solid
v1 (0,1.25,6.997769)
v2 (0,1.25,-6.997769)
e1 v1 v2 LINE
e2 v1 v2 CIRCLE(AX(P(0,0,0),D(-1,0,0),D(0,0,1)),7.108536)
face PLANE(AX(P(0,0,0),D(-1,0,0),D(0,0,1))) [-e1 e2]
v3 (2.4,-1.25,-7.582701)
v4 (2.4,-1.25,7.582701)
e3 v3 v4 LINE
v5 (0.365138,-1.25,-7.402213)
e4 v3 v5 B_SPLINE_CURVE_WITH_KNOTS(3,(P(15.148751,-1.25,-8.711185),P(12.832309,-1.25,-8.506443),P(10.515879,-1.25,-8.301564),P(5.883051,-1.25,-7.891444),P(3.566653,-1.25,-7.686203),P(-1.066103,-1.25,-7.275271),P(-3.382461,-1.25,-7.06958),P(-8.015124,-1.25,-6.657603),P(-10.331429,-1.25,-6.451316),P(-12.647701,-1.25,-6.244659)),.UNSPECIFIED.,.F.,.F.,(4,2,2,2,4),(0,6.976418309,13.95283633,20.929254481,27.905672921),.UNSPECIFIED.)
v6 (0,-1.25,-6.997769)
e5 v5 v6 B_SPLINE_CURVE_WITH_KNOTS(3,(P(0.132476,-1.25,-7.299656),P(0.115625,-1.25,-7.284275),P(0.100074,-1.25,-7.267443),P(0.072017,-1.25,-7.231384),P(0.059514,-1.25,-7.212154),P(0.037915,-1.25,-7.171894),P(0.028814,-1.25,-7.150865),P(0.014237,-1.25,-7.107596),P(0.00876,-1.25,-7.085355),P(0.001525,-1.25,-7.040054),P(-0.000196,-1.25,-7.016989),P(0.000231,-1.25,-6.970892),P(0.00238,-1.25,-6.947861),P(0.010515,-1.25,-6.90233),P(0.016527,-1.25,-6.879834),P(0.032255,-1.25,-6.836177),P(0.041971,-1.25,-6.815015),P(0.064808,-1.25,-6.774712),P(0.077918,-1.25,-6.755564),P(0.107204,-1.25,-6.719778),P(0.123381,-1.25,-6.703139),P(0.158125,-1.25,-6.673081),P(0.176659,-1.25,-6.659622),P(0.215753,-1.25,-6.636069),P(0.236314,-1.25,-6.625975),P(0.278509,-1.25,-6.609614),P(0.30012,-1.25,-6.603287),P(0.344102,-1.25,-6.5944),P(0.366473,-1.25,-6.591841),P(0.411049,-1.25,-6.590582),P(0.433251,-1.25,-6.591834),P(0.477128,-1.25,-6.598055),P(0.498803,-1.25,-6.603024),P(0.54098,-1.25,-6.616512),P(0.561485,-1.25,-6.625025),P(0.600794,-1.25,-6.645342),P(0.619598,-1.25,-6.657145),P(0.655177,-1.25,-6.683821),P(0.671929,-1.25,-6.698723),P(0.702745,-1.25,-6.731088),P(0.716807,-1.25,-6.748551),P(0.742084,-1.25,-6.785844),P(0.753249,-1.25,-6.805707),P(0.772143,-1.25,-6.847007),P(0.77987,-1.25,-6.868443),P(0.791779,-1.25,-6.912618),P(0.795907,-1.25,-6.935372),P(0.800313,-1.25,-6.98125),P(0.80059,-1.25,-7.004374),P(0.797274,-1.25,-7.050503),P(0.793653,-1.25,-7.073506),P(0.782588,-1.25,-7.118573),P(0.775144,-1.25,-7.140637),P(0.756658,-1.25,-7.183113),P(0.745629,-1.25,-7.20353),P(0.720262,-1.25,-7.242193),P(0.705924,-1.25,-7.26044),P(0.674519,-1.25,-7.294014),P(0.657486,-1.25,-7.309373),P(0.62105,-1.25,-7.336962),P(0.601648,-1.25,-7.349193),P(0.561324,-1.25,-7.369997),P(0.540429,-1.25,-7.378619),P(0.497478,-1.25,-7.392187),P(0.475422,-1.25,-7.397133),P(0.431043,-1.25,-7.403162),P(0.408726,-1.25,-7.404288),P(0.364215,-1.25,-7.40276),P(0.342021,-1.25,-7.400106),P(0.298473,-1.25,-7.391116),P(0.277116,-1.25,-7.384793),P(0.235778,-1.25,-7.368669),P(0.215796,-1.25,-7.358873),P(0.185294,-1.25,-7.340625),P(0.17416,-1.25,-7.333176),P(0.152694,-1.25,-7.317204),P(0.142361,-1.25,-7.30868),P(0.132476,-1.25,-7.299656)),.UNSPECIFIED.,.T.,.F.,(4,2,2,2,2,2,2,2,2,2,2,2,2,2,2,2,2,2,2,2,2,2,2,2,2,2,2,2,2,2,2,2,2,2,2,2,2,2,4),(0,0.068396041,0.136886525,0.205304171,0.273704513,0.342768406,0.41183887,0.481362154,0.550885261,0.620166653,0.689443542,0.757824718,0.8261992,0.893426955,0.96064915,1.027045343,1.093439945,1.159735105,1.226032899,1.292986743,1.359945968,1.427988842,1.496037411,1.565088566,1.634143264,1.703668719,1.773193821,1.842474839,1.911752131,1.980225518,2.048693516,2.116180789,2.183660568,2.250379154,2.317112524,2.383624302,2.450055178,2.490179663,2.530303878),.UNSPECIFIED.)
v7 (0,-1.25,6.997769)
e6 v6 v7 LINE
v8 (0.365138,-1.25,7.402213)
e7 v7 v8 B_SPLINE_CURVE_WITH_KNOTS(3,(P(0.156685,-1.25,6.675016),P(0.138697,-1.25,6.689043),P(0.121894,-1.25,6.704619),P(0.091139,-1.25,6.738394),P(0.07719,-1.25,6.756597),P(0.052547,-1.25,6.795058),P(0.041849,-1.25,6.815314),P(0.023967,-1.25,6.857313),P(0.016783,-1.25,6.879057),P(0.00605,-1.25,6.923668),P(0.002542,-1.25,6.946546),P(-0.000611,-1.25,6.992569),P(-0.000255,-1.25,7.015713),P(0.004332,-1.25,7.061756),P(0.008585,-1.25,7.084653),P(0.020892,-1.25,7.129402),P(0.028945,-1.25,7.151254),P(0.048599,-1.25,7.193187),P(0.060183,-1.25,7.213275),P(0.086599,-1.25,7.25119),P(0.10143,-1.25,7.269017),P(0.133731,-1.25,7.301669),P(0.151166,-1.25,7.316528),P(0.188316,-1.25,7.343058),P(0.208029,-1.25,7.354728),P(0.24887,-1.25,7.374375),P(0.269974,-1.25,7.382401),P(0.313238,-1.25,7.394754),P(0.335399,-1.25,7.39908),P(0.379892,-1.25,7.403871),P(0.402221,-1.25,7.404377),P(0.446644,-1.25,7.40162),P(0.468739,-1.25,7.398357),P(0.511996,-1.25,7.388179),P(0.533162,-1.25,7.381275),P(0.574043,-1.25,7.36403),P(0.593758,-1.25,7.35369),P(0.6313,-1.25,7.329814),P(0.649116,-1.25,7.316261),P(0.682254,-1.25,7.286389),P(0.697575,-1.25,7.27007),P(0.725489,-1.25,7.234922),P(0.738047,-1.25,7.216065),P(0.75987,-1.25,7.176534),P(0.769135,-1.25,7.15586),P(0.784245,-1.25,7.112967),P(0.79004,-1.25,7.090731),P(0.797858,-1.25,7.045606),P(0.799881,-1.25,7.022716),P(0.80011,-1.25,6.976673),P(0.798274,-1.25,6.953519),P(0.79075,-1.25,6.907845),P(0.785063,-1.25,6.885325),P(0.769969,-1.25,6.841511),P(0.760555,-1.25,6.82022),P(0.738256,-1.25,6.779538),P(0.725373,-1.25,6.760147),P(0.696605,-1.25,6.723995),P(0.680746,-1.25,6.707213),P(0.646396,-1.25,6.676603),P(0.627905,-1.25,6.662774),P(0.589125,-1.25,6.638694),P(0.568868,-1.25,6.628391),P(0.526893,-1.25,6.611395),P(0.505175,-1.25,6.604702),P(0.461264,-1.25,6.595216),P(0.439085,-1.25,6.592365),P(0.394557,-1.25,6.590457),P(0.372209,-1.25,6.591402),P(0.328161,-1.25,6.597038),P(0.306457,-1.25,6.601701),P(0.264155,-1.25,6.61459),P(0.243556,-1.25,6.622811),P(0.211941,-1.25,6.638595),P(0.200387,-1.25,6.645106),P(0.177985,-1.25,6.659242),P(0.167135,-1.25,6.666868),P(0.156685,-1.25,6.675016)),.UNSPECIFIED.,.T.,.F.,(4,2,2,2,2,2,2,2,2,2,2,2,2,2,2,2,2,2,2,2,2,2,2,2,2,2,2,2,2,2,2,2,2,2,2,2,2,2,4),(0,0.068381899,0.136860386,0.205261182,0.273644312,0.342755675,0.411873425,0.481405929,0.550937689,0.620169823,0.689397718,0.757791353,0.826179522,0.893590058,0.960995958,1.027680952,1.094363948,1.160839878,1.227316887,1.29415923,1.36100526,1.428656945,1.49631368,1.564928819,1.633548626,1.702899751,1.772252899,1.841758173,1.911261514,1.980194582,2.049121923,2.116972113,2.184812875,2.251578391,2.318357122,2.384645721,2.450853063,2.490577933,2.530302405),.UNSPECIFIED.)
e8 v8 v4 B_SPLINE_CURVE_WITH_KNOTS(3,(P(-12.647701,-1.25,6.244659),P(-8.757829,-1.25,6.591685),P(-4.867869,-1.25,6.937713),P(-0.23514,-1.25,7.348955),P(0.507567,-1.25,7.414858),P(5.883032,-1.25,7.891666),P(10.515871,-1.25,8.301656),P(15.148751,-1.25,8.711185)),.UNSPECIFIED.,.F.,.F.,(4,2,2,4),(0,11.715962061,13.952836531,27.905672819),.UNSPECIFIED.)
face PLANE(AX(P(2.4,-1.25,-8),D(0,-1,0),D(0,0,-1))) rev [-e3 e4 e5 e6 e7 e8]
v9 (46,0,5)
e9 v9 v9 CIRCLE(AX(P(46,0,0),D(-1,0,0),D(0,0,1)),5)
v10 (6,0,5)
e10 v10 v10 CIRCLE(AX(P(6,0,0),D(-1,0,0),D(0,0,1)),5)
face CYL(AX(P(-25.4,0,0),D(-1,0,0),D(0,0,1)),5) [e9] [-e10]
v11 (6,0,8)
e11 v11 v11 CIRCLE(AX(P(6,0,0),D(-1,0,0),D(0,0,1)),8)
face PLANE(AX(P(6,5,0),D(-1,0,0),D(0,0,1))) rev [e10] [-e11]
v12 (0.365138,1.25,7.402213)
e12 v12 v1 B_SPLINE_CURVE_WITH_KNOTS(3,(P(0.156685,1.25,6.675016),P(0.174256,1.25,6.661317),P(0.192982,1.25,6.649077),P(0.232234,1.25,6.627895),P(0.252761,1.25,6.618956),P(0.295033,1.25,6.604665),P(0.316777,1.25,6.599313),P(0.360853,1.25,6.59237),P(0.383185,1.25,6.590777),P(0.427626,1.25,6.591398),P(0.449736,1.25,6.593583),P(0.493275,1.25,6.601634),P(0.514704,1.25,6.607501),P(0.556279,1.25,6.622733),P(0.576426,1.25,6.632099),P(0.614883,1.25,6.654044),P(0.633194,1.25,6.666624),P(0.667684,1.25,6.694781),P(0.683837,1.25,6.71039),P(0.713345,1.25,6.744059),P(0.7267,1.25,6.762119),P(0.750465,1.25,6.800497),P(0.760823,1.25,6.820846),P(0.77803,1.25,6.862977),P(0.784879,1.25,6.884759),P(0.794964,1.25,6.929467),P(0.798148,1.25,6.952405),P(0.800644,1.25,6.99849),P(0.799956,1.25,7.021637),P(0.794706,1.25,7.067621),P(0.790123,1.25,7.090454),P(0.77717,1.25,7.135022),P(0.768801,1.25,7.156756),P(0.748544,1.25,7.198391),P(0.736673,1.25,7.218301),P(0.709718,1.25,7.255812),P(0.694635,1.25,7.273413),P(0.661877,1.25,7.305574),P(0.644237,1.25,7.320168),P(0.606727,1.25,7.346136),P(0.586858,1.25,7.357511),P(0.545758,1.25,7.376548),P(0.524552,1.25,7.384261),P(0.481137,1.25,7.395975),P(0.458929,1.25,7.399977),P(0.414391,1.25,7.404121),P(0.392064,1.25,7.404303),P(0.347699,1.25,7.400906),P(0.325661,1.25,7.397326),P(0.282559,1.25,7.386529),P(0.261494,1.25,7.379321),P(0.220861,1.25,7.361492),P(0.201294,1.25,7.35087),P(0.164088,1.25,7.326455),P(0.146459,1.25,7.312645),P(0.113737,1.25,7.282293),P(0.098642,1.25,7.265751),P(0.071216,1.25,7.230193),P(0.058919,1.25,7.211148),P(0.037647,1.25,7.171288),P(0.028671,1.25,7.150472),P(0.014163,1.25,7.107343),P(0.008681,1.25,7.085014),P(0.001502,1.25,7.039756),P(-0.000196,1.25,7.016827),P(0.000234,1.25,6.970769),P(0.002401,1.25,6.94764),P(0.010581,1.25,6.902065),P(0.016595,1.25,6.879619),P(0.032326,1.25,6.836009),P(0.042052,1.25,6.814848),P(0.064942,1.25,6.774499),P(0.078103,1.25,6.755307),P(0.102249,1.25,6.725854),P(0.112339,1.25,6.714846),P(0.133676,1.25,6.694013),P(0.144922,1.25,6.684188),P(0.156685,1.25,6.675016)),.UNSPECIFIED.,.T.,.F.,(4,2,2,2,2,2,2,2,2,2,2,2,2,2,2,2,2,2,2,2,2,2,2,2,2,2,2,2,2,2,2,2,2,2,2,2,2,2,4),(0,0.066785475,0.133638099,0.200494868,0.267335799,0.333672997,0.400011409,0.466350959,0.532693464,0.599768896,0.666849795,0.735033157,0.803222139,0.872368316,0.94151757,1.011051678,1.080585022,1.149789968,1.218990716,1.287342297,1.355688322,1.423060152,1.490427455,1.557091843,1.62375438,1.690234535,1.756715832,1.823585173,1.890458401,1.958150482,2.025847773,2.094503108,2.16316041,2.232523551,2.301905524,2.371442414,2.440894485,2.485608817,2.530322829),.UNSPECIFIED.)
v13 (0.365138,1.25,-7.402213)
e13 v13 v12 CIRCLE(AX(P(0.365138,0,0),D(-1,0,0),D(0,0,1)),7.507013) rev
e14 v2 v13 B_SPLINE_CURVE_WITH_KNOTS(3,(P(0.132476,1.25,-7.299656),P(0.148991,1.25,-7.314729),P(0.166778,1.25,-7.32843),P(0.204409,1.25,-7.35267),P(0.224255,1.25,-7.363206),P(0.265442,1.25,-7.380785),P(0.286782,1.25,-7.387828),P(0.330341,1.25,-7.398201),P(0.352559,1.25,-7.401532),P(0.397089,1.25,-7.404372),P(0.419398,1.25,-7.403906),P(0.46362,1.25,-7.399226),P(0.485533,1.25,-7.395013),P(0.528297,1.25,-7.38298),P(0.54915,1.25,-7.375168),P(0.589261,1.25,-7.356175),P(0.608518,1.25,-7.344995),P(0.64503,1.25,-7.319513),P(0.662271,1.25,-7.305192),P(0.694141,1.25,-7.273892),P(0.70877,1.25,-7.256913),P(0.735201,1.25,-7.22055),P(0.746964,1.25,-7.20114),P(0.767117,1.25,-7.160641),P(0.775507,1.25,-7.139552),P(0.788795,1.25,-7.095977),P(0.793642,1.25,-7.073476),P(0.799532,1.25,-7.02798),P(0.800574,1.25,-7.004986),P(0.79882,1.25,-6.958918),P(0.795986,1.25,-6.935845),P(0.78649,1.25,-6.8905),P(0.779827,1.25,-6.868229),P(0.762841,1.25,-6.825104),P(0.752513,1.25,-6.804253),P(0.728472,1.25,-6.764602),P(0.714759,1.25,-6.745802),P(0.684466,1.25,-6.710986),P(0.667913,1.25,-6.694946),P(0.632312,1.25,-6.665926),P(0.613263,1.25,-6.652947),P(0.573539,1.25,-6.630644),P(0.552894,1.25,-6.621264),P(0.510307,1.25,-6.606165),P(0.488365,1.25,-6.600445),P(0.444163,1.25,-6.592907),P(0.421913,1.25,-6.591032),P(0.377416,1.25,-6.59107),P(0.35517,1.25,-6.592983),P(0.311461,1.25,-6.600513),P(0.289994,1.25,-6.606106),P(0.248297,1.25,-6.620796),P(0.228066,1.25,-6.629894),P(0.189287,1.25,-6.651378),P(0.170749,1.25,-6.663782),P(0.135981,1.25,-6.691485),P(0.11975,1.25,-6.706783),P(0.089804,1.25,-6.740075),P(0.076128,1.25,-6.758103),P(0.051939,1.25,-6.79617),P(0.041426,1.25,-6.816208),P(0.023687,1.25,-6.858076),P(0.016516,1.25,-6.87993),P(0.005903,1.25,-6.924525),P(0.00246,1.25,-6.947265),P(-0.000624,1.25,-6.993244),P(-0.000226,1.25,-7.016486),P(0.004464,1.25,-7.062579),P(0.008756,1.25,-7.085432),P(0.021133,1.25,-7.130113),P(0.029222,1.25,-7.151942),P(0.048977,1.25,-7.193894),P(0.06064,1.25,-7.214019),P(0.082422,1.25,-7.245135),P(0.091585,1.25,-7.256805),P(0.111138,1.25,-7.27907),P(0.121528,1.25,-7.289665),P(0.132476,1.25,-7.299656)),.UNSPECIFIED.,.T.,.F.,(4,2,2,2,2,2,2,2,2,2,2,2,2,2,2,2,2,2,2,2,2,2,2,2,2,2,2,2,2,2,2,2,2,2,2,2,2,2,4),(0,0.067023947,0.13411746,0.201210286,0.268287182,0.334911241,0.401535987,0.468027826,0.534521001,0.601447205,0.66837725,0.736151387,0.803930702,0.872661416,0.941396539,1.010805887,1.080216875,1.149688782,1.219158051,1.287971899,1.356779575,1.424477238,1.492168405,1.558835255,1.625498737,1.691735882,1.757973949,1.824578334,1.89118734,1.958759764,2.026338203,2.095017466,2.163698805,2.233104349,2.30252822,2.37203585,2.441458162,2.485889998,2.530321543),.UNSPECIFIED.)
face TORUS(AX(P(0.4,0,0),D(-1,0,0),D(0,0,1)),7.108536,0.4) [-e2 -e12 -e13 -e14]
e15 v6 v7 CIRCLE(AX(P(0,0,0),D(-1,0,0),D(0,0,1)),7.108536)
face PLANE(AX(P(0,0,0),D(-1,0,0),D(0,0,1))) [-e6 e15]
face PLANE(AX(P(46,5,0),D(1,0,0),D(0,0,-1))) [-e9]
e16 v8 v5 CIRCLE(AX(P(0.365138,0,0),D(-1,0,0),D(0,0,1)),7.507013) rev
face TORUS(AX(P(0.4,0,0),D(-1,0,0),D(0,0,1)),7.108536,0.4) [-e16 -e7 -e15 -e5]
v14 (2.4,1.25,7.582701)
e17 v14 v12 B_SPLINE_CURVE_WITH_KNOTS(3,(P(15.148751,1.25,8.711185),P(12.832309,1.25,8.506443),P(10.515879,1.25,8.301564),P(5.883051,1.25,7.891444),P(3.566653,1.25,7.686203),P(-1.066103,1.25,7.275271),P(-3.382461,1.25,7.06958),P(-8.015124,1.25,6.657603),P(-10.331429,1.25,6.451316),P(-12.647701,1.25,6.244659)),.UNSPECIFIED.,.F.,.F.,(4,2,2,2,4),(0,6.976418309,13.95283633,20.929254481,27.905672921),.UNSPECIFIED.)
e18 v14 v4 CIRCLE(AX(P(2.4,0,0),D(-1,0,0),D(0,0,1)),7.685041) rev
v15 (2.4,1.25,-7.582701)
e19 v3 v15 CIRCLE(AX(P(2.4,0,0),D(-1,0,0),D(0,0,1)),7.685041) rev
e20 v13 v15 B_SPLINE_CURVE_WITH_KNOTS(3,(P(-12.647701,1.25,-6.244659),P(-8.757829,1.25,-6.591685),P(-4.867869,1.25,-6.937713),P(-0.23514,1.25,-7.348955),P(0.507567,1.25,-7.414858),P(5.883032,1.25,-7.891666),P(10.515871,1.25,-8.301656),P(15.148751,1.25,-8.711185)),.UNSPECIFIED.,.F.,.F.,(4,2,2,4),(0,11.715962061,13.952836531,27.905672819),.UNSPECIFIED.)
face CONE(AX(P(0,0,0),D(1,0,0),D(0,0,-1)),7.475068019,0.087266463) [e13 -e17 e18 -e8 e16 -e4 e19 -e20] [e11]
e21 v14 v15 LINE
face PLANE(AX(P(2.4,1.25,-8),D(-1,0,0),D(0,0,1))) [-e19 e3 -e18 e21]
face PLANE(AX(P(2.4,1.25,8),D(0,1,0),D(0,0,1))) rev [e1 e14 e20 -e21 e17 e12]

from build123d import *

# Parameters (mm, degrees)
FILLET2_R  = 0.4
SKETCH2_W  = 16
SKETCH2_H  = 2.5
SLOT_DEPTH = 2.4


with BuildPart() as part:
    # BodySke → Base-Revolve (revolve)
    with BuildSketch(Plane.XY, mode=Mode.PRIVATE) as base_revolve_sk:
        Polygon((6, 5), (6, 8), (0, 7.475068019), (0, 0), (46, 0), (46, 5), align=None)
    revolve(base_revolve_sk.sketch.rotate(Axis((-25.4, 0, 0), (1, 0, 0)), 90), axis=Axis((-25.4, 0, 0), (1, 0, 0)))

    # Fillet2
    fillet2_edges = [part.edges().sort_by_distance(p)[0] for p in [
        (0, 0, -7.475068019),
    ]]
    fillet(fillet2_edges, radius=FILLET2_R)

    # Sketch2 → Slot (cut)
    with BuildSketch(Plane(origin=(0, 0, 0), x_dir=(0, 0, -1), z_dir=(1, 0, 0))):
        Rectangle(SKETCH2_W, SKETCH2_H)
    extrude(amount=SLOT_DEPTH, mode=Mode.SUBTRACT)


solid = part.part
